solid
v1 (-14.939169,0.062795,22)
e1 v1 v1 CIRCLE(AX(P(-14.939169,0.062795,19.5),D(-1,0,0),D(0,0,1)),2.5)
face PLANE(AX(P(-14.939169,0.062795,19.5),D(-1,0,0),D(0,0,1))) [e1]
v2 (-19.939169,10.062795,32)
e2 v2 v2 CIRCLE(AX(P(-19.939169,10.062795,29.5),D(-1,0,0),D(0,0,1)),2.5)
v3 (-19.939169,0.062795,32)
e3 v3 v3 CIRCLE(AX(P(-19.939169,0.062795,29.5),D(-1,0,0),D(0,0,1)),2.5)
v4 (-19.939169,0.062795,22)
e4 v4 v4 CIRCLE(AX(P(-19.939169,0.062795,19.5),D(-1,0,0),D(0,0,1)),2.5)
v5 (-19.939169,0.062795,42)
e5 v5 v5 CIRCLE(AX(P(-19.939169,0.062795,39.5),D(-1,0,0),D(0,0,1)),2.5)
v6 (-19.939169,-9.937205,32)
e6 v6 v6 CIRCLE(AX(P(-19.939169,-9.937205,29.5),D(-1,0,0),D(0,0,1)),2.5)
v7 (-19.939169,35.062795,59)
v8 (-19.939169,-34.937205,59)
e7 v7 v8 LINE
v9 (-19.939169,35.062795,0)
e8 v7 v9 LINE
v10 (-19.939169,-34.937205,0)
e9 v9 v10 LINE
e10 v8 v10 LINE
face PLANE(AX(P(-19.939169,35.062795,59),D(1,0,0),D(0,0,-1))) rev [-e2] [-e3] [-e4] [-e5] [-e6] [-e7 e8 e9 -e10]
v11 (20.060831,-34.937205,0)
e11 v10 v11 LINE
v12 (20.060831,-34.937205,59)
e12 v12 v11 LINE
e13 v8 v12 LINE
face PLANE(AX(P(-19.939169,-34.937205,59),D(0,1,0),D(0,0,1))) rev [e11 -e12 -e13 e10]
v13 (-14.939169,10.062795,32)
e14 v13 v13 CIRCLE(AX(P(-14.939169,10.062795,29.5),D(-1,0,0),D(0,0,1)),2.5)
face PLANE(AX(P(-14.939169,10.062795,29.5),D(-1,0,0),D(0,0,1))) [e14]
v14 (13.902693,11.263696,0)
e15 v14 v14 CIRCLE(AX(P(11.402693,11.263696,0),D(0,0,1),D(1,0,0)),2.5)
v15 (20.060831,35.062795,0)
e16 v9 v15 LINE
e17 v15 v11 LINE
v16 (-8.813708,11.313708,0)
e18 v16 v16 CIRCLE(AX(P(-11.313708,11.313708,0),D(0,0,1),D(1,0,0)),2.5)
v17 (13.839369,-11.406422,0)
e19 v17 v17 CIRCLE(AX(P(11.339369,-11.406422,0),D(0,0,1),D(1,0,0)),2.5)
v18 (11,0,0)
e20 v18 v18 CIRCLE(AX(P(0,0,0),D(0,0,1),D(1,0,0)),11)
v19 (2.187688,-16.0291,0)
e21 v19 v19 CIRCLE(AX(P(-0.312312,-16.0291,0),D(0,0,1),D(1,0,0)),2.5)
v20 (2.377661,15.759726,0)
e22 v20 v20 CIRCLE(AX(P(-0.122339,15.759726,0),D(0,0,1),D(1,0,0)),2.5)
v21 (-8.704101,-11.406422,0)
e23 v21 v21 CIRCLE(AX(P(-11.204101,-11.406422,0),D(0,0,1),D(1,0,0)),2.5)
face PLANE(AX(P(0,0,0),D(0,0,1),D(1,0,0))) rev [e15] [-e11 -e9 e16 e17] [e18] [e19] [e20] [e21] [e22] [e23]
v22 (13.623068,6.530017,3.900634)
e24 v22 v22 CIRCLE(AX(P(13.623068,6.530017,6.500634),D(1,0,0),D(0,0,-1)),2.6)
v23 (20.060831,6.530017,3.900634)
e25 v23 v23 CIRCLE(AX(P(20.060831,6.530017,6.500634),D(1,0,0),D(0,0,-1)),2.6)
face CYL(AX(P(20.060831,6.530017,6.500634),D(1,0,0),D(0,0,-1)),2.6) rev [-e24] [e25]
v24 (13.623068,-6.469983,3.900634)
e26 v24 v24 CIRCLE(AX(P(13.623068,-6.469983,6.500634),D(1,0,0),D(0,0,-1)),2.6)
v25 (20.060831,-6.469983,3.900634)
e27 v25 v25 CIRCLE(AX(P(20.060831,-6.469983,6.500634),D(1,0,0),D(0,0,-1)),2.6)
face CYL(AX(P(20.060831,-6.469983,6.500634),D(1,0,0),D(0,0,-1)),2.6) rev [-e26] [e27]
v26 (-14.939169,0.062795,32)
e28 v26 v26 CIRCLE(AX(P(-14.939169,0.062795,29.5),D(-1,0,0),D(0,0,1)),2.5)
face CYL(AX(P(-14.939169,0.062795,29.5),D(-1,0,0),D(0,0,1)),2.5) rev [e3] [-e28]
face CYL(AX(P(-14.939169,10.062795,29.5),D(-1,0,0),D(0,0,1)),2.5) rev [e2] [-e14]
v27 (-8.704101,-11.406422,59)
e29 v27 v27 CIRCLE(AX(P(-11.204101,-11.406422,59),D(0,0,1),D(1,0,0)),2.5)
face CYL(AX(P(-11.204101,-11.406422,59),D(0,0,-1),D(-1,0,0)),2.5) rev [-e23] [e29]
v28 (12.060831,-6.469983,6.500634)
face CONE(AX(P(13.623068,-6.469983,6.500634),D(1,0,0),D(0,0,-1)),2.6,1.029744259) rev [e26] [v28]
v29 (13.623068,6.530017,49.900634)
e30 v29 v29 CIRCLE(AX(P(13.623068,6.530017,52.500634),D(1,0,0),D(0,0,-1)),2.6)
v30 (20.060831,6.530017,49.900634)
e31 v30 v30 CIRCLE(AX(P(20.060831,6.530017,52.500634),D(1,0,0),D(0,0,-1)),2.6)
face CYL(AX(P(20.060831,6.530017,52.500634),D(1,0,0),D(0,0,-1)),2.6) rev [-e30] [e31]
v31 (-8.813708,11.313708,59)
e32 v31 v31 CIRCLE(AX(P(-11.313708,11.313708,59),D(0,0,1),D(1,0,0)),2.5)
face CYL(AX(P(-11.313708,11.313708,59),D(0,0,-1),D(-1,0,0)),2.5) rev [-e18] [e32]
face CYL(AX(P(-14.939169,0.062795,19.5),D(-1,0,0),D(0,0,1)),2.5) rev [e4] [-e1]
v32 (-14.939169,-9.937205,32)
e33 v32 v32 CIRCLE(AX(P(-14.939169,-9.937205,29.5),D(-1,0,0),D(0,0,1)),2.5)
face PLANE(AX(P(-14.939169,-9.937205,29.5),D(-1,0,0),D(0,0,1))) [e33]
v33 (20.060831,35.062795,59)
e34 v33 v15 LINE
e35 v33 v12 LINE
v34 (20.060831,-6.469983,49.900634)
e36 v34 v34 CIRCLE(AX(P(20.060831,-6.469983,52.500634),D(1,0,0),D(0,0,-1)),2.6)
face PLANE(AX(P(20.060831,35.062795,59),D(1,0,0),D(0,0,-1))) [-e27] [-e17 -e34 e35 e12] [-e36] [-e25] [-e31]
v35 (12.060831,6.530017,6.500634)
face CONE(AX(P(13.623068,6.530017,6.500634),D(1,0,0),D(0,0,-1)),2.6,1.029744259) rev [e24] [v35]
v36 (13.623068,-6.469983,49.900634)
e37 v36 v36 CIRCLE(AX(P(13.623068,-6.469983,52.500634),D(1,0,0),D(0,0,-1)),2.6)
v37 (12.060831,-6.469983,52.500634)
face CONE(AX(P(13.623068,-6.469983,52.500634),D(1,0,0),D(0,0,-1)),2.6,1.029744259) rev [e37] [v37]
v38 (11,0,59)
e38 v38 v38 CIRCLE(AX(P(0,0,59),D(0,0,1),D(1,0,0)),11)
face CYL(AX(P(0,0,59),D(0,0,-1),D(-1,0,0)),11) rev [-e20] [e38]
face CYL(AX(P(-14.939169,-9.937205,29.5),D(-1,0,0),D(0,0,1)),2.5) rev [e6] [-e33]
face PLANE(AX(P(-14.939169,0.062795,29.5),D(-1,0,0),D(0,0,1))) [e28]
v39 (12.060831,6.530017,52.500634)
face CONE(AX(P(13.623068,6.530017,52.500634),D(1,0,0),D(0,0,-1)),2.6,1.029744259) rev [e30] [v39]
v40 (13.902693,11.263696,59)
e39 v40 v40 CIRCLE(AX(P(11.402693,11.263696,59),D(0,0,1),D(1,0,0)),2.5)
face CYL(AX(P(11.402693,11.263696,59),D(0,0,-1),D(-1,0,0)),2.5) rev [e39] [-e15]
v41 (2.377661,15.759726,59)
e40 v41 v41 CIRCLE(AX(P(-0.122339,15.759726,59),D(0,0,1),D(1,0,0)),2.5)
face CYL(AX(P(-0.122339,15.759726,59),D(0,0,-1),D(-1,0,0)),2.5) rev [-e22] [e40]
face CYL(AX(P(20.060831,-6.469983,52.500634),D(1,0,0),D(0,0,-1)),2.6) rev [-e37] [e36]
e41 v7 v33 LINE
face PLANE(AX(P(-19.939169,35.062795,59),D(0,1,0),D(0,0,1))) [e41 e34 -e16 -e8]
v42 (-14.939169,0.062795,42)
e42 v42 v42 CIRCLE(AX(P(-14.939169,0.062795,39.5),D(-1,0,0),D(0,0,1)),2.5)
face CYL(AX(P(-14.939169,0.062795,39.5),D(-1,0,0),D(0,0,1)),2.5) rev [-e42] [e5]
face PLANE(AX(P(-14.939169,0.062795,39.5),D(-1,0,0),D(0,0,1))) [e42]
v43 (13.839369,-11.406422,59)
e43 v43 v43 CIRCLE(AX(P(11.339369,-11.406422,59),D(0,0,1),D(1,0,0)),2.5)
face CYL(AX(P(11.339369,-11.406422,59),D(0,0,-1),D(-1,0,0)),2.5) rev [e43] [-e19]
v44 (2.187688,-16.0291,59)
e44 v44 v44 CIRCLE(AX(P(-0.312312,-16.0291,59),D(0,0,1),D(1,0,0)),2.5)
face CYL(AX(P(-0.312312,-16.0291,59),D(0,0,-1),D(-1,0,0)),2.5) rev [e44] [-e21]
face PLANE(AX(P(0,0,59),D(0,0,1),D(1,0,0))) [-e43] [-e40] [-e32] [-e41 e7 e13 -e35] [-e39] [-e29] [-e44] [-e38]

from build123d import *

# Parameters (mm, degrees)
SKETCH1_W                        = 40
SKETCH1_H                        = 70
BOSS_EXTRUDE1_DEPTH              = 59
SKETCH2_R                        = 11
SKETCH2_R_2                      = 2.5
CUT_EXTRUDE1_DEPTH               = 72.504101247
SKETCH5_R                        = 2.5
CUT_EXTRUDE3_DEPTH               = 5
TAP_DRILL_FOR_M5_HELICOIL1_D     = 5.2
TAP_DRILL_FOR_M5_HELICOIL1_DEPTH = 6.437762391
TAP_DRILL_FOR_M5_HELICOIL1_TIP   = 1.562237609


with BuildPart() as part:
    # Sketch1 → Boss-Extrude1 (new body)
    with BuildSketch(Plane.XY):
        with Locations((0.060830656, 0.062794648)):
            Rectangle(SKETCH1_W, SKETCH1_H)
    extrude(amount=BOSS_EXTRUDE1_DEPTH)

    # Sketch2 → Cut-Extrude1 (cut, through all)
    with BuildSketch(Plane.XY):
        Circle(SKETCH2_R)
        with Locations((-11.313708499, 11.313708499)):
            Circle(SKETCH2_R_2)
        with Locations((-0.122338904, 15.759725587)):
            Circle(SKETCH2_R_2)
        with Locations((11.402693442, 11.263696484)):
            Circle(SKETCH2_R_2)
        with Locations((11.339369089, -11.406422087)):
            Circle(SKETCH2_R_2)
        with Locations((-0.312311964, -16.029099896)):
            Circle(SKETCH2_R_2)
        with Locations((-11.204100775, -11.406422087)):
            Circle(SKETCH2_R_2)
    extrude(amount=CUT_EXTRUDE1_DEPTH, mode=Mode.SUBTRACT)

    # Sketch5 → Cut-Extrude3 (cut)
    with BuildSketch(Plane.ZY.offset(19.939169344)):
        with Locations((29.5, 0.062794648)):
            Circle(SKETCH5_R)
        with Locations((39.5, 0.062794648)):
            Circle(SKETCH5_R)
        with Locations((19.5, 0.062794648)):
            Circle(SKETCH5_R)
        with Locations((29.5, 10.062794648)):
            Circle(SKETCH5_R)
        with Locations((29.5, -9.937205352)):
            Circle(SKETCH5_R)
    extrude(amount=-CUT_EXTRUDE3_DEPTH, mode=Mode.SUBTRACT)

    # Tap Drill for M5 Helicoil1
    with Locations(Plane(origin=(20.060830656, 0, 0), x_dir=(0, 0, -1), z_dir=(1, 0, 0))):
        with Locations((-52.500633733, 6.530017119), (-52.500633733, -6.469982881), (-6.500633733, -6.469982881), (-6.500633733, 6.530017119)):
            Hole(TAP_DRILL_FOR_M5_HELICOIL1_D / 2, depth=TAP_DRILL_FOR_M5_HELICOIL1_DEPTH)
            with Locations((0, 0, -(TAP_DRILL_FOR_M5_HELICOIL1_DEPTH + TAP_DRILL_FOR_M5_HELICOIL1_TIP / 2))):  # 118° drill point
                Cone(0, TAP_DRILL_FOR_M5_HELICOIL1_D / 2, TAP_DRILL_FOR_M5_HELICOIL1_TIP, mode=Mode.SUBTRACT)


solid = part.part
